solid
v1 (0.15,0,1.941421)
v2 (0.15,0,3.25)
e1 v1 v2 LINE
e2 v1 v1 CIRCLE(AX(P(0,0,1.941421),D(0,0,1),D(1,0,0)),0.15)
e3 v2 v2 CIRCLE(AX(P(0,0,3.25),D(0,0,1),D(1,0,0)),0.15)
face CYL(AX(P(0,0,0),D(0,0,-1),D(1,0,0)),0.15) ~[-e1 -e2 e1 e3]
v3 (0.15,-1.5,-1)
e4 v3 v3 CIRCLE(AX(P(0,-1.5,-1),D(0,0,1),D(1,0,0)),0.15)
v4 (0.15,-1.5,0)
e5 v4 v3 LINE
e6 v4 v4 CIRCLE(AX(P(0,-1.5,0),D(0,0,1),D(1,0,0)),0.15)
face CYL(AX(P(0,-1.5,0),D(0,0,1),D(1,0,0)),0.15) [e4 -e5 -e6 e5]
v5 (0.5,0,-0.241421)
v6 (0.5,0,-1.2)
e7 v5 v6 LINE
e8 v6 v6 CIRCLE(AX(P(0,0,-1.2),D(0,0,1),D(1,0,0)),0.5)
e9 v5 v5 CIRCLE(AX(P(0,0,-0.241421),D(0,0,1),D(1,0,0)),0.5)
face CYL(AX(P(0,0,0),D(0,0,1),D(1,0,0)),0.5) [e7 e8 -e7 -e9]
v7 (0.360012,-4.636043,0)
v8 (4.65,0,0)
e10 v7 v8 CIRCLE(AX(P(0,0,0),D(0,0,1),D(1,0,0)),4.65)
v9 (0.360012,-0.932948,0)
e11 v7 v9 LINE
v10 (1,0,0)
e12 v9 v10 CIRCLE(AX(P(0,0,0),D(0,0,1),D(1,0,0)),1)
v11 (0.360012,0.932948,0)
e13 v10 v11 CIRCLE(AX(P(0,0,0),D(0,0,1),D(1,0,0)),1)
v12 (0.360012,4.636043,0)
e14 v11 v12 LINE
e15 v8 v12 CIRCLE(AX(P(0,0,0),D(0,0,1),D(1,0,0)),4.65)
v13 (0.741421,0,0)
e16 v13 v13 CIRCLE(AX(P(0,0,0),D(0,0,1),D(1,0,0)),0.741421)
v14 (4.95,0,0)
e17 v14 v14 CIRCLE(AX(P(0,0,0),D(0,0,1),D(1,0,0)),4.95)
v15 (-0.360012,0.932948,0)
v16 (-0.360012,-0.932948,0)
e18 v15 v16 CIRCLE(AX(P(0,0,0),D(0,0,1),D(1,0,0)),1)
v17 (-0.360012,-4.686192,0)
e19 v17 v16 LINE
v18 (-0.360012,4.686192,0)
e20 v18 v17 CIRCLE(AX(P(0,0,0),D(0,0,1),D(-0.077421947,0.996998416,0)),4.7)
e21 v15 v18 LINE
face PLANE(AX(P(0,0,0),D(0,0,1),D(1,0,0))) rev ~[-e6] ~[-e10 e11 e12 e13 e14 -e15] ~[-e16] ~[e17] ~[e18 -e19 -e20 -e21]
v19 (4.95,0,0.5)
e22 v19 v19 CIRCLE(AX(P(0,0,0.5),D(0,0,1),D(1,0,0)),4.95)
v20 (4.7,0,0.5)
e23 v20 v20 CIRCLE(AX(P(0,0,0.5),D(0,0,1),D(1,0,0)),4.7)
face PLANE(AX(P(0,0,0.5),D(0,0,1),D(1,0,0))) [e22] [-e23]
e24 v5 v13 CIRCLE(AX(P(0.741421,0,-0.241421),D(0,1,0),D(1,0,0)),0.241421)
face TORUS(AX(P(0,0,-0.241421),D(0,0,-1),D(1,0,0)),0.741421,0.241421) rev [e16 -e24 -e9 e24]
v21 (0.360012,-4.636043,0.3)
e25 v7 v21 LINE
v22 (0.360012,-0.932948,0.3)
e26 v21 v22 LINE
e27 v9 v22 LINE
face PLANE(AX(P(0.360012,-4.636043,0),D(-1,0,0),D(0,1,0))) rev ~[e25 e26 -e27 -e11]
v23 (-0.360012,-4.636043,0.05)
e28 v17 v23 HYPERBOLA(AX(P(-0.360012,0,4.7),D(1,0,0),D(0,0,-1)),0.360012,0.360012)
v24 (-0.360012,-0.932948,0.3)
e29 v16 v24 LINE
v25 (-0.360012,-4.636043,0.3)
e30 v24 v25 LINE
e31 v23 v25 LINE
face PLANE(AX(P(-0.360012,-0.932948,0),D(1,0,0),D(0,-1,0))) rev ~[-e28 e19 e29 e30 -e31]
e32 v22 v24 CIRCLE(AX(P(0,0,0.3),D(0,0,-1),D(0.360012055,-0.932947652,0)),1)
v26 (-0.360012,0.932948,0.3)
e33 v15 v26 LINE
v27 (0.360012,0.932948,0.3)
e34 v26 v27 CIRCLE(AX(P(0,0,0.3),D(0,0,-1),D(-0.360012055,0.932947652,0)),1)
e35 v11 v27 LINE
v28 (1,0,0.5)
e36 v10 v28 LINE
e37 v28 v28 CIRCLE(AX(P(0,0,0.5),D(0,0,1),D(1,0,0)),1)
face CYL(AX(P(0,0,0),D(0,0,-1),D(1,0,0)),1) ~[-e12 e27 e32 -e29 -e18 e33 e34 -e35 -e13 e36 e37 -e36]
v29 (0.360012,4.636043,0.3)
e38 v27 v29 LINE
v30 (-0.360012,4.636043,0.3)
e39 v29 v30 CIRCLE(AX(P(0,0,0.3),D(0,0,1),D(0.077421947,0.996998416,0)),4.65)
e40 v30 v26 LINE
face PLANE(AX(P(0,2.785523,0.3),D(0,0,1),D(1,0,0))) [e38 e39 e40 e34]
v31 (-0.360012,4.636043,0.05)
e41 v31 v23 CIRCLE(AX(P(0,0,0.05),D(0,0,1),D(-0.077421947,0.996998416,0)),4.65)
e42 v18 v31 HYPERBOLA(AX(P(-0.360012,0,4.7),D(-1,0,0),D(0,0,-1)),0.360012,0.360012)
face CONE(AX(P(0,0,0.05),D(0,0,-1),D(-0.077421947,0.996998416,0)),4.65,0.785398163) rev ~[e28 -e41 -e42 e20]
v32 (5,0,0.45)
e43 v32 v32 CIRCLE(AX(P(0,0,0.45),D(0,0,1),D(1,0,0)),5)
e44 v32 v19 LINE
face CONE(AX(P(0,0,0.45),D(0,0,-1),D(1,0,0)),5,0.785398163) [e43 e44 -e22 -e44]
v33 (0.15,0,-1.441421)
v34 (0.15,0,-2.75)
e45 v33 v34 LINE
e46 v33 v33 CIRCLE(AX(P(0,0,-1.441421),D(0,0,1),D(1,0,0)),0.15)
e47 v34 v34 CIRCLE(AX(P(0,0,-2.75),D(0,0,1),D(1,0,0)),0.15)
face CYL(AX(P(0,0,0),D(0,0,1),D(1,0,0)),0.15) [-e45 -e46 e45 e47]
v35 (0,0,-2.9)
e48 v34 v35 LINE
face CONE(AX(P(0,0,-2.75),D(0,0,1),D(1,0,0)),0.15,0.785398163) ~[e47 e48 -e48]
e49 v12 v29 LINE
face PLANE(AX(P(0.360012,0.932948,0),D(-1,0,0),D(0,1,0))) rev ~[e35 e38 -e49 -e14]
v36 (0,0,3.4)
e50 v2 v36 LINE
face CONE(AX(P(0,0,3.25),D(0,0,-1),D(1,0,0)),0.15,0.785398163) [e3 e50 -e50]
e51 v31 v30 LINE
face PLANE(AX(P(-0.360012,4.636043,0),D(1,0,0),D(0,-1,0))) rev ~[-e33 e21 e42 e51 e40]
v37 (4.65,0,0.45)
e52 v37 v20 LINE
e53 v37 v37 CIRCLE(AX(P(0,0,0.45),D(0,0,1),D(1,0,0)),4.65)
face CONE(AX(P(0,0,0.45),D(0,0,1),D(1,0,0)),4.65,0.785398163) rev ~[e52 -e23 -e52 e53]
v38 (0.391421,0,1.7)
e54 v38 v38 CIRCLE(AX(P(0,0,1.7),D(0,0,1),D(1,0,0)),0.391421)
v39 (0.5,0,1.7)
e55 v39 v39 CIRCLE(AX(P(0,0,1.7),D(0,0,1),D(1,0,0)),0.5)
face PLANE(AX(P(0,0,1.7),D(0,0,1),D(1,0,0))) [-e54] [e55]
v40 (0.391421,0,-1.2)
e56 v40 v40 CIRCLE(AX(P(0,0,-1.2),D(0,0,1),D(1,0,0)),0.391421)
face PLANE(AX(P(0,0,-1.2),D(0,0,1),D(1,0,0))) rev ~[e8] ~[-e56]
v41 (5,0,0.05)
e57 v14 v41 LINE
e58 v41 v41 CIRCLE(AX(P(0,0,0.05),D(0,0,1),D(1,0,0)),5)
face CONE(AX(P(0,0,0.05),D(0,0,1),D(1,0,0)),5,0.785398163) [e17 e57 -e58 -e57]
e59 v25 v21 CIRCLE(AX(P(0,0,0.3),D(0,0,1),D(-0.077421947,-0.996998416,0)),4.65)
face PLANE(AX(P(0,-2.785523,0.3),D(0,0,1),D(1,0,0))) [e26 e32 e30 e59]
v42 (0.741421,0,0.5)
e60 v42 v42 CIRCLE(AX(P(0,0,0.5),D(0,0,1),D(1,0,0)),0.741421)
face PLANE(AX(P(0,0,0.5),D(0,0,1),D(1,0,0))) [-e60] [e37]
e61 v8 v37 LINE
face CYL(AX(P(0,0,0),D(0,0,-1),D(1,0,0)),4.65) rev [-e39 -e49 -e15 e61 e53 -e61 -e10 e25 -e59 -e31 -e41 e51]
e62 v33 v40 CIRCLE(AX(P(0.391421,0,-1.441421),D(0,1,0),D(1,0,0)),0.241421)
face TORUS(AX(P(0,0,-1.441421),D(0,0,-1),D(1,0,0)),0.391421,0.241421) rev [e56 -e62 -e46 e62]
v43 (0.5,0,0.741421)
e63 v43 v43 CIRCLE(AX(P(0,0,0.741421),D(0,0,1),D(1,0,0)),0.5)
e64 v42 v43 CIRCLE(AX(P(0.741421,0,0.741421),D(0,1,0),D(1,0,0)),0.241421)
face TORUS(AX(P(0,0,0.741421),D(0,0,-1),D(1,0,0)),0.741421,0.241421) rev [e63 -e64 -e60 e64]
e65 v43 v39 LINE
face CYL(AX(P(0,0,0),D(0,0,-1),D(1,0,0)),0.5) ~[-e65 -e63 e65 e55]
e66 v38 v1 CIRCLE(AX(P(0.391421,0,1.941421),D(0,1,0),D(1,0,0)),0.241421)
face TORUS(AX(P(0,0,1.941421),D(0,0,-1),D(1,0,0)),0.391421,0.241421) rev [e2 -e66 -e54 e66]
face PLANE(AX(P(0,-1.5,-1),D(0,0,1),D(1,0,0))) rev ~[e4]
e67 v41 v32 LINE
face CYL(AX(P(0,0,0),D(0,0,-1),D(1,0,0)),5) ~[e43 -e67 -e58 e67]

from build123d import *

# Parameters (mm, degrees)
F0_R          = 5
F0_R_2        = 4.65
F1_DEPTH      = 0.5
F0_R_3        = 1
F0_R_4        = 0.5
F0_R_5        = 0.15
F2_DEPTH      = 1.7
F2_DEPTH_BACK = 1.2
F3_DEPTH      = 3.4
F3_DEPTH_BACK = 2.9
F5_DEPTH      = 0.3
F6_R          = 0.2414213562
F7_SIZE       = 0.05
F8_SIZE       = 0.15
F9_R          = 0.15
F10_DEPTH     = 1


with BuildPart() as f1:
    # F0 (on Top) → F1 (new body)
    with BuildSketch(Plane.XY):
        Circle(F0_R)
        Circle(F0_R_2, mode=Mode.SUBTRACT)
    extrude(amount=F1_DEPTH)



with BuildPart() as f1b:
    # F0 (on Top) → F1, piece 2 (new body)
    with BuildSketch(Plane.XY):
        Circle(F0_R_3)
        Circle(F0_R_4, mode=Mode.SUBTRACT)
    extrude(amount=F1_DEPTH)

    # F0 (on Top) → F2 (join, two sides)
    with BuildSketch(Plane.XY) as f2_sk:
        Circle(F0_R_4)
        Circle(F0_R_5, mode=Mode.SUBTRACT)
    extrude(amount=F2_DEPTH)
    extrude(f2_sk.sketch, amount=-F2_DEPTH_BACK)

    # F0 (on Top) → F3 (join, two sides)
    with BuildSketch(Plane.XY) as f3_sk:
        Circle(F0_R_5)
    extrude(amount=F3_DEPTH)
    extrude(f3_sk.sketch, amount=-F3_DEPTH_BACK)


with BuildPart() as f1_1:
    add(f1.part)

    add(f1b.part)  # F5 merges F1b
    # F4 (on face) → F5 (join)
    with BuildSketch(Plane.XY):
        with BuildLine():
            Line((-0.3600120544, -0.9329476516), (-0.3600120544, -4.6360426358))
            ThreePointArc((-0.3600120544, -4.6360426358), (0, -4.65), (0.3600120544, -4.6360426358))
            Line((0.3600120544, -4.6360426358), (0.3600120544, -0.9329476516))
            ThreePointArc((0.3600120544, -0.9329476516), (0, -1), (-0.3600120544, -0.9329476516))
        make_face()
        with BuildLine():
            ThreePointArc((0.3600120544, 4.6360426358), (0, 4.65), (-0.3600120544, 4.6360426358))
            Line((-0.3600120544, 4.6360426358), (-0.3600120544, 0.9329476516))
            ThreePointArc((-0.3600120544, 0.9329476516), (0, 1), (0.3600120544, 0.9329476516))
            Line((0.3600120544, 0.9329476516), (0.3600120544, 4.6360426358))
        make_face()
    extrude(amount=F5_DEPTH)

    # F6
    f6_edges = [f1_1.edges().sort_by_distance(p)[0] for p in [
        (-0.5, 0, 0.5),
        (-0.5, 0, 0),
        (-0.15, 0, -1.2),
        (-0.15, 0, 1.7),
    ]]
    fillet(f6_edges, radius=F6_R)

    # F7
    f7_edges = [f1_1.edges().sort_by_distance(p)[0] for p in [
        (-5, 0, 0.5),
        (-4.65, 0, 0.5),
        (-4.65, 0, 0),
        (-5, 0, 0),
    ]]
    chamfer(f7_edges, length=F7_SIZE)

    # F8
    f8_edges = [f1_1.edges().sort_by_distance(p)[0] for p in [
        (-0.15, 0, 3.4),
        (-0.15, 0, -2.9),
    ]]
    chamfer(f8_edges, length=F8_SIZE)

    # F9 (on face) → F10 (join)
    with BuildSketch(Plane.XY):
        with Locations((0, -1.5)):
            Circle(F9_R)
    extrude(amount=-F10_DEPTH)


solid = f1_1.part
